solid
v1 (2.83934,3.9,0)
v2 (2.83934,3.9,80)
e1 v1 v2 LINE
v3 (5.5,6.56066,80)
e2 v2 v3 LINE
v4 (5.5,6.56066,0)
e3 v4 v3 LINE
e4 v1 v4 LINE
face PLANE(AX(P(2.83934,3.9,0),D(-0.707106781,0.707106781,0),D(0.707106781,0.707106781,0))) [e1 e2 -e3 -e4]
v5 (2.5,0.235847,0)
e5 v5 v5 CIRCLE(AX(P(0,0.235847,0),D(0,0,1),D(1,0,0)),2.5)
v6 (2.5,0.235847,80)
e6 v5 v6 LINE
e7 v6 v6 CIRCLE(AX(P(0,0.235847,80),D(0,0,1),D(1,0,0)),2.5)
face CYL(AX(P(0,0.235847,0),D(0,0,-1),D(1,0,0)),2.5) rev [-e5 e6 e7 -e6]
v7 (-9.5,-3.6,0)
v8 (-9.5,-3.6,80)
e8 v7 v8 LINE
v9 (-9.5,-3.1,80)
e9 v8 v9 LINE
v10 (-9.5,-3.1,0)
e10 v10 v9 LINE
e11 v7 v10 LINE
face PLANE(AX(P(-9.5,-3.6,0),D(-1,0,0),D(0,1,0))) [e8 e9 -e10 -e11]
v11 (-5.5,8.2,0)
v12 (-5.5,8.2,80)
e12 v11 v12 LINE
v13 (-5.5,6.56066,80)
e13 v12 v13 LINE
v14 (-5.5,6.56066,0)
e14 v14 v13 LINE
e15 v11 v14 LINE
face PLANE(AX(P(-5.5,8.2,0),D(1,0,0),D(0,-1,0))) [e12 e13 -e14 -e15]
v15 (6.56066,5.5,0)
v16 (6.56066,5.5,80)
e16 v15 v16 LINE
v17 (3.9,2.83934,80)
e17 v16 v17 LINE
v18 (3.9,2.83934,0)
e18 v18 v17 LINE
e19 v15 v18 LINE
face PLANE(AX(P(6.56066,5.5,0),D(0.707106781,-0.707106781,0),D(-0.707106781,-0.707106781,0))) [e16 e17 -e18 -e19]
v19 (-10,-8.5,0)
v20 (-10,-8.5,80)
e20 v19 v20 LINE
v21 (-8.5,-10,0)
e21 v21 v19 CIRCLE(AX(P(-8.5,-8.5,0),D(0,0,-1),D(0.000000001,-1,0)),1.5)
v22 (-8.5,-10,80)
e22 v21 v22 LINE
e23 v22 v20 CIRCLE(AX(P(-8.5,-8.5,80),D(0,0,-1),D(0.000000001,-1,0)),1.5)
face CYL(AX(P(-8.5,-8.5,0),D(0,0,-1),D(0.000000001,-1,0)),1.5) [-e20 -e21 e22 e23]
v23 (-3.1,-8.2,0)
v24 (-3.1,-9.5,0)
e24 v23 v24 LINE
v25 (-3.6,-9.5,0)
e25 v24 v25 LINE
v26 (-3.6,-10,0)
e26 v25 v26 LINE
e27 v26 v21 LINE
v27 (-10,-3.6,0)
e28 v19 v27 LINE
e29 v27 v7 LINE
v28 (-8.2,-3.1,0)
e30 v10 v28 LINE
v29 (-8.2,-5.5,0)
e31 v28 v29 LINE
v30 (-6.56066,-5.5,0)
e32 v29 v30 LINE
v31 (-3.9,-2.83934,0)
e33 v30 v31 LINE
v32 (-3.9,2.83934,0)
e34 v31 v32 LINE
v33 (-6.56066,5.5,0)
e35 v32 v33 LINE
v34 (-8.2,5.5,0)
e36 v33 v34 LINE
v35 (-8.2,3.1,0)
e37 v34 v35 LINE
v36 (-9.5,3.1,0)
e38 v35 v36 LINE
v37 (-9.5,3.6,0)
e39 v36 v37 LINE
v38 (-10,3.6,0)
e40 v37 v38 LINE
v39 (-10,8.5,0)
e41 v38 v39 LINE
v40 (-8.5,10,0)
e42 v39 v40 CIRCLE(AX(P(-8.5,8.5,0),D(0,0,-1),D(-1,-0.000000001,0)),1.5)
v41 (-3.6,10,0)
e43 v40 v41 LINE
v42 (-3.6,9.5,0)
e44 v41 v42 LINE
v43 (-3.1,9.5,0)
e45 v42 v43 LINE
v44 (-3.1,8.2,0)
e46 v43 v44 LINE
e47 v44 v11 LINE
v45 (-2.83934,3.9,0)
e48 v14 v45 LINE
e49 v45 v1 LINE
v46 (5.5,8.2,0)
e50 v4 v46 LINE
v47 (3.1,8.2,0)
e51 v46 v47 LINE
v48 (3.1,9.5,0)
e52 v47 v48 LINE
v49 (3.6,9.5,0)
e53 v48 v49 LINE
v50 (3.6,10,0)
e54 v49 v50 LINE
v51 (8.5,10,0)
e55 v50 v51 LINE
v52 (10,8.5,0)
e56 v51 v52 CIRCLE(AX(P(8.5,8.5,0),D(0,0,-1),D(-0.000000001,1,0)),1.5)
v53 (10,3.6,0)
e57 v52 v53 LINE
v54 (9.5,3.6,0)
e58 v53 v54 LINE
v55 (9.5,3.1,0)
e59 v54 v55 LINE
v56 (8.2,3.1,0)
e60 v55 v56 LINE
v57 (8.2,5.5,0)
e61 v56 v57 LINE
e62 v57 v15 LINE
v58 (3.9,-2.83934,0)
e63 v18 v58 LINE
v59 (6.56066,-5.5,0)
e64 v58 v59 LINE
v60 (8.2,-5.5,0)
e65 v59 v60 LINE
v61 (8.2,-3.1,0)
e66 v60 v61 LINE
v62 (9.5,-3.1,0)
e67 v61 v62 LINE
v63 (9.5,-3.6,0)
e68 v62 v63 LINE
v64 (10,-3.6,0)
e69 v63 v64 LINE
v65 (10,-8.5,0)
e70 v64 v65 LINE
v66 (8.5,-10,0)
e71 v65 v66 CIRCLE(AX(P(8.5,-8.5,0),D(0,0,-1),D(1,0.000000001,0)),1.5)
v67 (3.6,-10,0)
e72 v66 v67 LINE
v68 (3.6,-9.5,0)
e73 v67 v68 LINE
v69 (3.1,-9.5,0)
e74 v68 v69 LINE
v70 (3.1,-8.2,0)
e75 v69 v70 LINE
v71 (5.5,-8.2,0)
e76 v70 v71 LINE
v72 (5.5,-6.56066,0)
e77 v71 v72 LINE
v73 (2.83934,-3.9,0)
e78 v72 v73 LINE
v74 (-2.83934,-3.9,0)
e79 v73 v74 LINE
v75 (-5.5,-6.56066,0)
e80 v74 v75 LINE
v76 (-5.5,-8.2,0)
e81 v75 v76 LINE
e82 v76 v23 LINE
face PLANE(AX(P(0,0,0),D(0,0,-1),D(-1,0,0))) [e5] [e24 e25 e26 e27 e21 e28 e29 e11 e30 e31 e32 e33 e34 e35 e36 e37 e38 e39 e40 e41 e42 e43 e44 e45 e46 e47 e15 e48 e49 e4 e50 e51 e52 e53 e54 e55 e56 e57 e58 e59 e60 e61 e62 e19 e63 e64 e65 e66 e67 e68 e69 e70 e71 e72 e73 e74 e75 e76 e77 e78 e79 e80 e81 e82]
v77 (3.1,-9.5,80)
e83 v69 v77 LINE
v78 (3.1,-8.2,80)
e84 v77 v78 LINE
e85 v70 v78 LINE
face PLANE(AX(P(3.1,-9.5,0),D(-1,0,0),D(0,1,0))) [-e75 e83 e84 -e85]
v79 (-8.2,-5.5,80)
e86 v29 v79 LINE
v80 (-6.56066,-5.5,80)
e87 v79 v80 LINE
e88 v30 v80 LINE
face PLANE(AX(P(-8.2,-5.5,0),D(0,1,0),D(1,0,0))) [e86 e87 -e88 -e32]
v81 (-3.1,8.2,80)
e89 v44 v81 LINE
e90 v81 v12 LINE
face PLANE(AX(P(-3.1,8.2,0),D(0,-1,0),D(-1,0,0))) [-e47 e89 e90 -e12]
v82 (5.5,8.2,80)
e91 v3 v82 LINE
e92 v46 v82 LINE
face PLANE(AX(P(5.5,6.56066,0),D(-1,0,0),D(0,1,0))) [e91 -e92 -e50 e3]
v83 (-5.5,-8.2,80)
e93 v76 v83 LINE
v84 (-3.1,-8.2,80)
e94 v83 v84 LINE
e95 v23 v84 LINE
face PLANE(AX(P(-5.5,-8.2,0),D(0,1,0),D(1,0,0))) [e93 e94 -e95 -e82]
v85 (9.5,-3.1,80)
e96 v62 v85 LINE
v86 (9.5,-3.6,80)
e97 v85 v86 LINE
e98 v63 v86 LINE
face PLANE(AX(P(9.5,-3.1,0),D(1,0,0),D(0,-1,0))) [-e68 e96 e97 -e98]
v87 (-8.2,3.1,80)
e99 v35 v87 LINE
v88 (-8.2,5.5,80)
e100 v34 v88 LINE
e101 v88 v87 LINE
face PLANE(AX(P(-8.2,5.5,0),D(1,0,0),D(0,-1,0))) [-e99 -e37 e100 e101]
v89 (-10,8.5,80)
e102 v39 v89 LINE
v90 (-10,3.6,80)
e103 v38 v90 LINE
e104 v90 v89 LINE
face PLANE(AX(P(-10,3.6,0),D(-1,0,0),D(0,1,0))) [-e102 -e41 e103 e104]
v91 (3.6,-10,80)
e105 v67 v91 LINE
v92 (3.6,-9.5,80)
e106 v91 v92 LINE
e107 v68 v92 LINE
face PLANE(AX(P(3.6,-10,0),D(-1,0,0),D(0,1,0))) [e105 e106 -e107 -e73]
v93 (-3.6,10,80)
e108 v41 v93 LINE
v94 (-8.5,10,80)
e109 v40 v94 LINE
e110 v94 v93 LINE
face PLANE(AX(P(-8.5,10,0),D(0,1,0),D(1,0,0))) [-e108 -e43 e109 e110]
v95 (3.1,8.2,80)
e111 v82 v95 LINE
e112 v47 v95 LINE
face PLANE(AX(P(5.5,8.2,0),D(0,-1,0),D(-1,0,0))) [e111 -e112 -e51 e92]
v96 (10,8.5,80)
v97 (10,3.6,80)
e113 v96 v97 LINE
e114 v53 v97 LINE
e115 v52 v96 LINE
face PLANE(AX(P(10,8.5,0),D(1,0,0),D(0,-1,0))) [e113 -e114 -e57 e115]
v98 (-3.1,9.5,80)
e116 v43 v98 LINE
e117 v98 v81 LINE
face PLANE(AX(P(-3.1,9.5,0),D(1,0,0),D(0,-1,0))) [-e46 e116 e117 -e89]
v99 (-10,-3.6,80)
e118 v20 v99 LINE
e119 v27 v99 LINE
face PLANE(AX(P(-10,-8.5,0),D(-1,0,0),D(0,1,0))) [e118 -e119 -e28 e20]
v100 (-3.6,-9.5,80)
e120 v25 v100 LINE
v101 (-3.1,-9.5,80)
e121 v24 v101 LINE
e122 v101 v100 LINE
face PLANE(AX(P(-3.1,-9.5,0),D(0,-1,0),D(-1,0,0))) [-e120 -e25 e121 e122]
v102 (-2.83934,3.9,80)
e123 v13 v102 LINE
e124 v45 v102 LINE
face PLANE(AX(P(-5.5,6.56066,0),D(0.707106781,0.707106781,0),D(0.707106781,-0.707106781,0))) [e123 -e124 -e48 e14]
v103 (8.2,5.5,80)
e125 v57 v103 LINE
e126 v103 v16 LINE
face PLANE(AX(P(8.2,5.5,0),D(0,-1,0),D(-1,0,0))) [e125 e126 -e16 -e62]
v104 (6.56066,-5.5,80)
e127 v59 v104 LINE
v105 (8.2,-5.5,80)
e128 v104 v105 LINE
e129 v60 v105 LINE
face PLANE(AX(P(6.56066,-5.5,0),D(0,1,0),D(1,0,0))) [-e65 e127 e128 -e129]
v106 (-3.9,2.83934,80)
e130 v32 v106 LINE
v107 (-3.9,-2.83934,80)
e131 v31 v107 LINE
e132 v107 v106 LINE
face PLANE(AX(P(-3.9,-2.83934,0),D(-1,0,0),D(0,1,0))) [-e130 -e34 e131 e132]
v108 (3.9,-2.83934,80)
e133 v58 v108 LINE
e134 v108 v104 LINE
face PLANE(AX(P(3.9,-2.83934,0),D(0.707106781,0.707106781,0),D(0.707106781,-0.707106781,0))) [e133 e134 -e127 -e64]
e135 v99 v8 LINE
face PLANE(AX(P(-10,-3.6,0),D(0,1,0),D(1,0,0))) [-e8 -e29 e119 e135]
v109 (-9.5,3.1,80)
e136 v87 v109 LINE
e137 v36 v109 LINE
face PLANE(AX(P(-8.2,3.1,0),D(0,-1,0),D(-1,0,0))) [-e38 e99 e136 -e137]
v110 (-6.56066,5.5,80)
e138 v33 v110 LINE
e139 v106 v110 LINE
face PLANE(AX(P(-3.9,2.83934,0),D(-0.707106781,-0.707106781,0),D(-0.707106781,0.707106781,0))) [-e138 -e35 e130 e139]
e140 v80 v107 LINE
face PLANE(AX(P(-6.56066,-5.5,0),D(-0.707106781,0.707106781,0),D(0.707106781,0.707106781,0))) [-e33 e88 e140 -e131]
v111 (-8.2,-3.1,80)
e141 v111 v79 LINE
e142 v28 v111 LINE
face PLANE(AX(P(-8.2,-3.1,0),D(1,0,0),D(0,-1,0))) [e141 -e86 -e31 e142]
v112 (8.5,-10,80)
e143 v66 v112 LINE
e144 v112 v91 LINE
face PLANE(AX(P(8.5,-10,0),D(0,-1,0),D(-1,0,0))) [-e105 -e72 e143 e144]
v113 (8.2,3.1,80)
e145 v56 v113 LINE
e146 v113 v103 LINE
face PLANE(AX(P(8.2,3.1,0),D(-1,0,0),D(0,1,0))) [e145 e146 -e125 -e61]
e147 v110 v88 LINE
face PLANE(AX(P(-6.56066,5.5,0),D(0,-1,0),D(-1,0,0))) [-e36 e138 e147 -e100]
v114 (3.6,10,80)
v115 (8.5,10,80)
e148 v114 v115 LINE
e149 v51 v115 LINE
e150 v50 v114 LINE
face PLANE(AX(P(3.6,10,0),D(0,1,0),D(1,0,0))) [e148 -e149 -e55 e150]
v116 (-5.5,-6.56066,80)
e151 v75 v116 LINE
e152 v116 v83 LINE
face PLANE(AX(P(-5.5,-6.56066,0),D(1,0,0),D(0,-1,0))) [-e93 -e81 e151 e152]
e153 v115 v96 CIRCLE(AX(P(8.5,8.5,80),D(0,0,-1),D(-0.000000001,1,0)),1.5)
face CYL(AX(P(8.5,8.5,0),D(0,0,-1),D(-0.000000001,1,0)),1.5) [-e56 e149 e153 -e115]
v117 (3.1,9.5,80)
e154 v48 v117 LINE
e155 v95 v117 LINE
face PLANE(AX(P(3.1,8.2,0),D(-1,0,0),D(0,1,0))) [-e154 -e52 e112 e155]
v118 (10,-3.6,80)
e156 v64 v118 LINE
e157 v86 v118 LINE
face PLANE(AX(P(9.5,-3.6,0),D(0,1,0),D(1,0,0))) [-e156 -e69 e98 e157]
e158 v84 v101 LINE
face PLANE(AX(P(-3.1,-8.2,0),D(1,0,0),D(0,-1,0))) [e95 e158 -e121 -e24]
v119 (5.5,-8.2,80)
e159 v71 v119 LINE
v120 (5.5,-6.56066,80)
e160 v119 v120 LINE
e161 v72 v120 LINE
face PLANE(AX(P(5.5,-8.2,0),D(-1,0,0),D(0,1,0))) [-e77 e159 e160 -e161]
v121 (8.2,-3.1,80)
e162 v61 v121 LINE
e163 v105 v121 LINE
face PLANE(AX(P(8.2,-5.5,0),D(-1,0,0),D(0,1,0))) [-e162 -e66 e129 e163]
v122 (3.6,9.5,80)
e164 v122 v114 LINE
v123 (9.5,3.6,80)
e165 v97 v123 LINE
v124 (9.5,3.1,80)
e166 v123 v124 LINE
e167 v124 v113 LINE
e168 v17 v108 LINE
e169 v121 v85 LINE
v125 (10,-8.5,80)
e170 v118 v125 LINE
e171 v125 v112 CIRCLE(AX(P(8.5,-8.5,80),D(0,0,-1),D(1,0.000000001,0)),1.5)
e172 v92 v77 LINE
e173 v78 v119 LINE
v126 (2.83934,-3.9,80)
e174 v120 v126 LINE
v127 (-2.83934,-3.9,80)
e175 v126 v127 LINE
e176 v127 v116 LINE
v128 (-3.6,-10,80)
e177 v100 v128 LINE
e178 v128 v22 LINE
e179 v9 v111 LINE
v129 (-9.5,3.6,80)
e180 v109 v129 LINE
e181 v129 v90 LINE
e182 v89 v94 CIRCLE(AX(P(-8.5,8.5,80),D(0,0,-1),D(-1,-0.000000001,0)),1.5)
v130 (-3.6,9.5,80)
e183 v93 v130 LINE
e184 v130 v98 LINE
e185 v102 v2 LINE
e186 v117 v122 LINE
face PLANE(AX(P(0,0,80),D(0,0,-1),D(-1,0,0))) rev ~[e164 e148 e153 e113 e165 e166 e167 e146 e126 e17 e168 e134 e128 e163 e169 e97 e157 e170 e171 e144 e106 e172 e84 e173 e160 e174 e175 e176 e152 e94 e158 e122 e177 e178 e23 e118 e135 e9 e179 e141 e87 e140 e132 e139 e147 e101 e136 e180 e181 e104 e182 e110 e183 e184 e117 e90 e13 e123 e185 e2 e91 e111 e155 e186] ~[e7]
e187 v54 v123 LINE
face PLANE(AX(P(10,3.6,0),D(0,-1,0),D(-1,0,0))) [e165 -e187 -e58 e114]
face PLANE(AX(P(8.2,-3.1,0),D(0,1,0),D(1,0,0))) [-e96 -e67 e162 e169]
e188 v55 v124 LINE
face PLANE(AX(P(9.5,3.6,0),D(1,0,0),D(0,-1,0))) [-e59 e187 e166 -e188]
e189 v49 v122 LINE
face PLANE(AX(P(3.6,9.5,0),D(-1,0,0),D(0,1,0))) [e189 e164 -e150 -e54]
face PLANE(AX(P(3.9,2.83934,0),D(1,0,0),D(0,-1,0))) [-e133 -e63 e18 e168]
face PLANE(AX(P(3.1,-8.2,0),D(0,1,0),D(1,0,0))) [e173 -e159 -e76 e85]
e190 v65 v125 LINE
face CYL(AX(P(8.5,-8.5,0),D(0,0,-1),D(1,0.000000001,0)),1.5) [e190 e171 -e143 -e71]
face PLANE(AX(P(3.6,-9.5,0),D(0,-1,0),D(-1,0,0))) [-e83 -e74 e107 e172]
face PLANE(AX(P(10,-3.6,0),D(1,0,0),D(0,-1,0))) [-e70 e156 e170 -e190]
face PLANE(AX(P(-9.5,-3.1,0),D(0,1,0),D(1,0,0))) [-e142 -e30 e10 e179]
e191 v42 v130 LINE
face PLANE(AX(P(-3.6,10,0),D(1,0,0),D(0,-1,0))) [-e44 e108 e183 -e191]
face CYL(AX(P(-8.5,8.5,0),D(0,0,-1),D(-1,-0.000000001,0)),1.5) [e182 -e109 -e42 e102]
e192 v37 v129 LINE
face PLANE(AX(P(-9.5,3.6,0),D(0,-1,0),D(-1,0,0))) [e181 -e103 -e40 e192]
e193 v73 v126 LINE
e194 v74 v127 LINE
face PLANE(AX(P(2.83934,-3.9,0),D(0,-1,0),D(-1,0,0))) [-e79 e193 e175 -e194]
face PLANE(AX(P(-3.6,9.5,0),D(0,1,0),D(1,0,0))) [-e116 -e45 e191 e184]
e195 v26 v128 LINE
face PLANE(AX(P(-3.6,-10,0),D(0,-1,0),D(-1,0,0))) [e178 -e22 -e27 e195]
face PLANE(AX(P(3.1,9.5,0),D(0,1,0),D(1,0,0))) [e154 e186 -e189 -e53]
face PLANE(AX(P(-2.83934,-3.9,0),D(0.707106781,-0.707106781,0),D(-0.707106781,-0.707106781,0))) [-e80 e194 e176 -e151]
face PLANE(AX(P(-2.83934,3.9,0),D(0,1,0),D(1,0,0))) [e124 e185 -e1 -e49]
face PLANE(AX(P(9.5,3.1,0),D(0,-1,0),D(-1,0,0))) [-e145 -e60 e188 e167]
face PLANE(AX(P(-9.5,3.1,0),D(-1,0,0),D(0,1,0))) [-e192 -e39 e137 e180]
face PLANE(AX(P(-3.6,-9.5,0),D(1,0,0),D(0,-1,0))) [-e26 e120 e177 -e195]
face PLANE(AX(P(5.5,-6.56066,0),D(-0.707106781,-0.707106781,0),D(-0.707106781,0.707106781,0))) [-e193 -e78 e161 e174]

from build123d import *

# Parameters (mm, degrees)
SKETCH1_R           = 2.5
BOSS_EXTRUDE1_DEPTH = 80


with BuildPart() as part:
    # Sketch1 → Boss-Extrude1 (new body)
    with BuildSketch(Plane.XY):
        with BuildLine():
            Line((2.839339828, 3.9), (5.5, 6.560660172))
            Line((5.5, 6.560660172), (5.5, 8.2))
            Line((5.5, 8.2), (3.1, 8.2))
            Line((3.1, 8.2), (3.1, 9.5))
            Line((3.1, 9.5), (3.6, 9.5))
            Line((3.6, 9.5), (3.6, 10))
            Line((3.6, 10), (8.5, 10))
            ThreePointArc((8.5, 10), (9.560660172, 9.560660172), (10, 8.5))
            Line((10, 8.5), (10, 3.6))
            Line((10, 3.6), (9.5, 3.6))
            Line((9.5, 3.6), (9.5, 3.1))
            Line((9.5, 3.1), (8.2, 3.1))
            Line((8.2, 3.1), (8.2, 5.5))
            Line((8.2, 5.5), (6.560660172, 5.5))
            Line((6.560660172, 5.5), (3.9, 2.839339828))
            Line((3.9, 2.839339828), (3.9, -2.839339828))
            Line((3.9, -2.839339828), (6.560660172, -5.5))
            Line((6.560660172, -5.5), (8.2, -5.5))
            Line((8.2, -5.5), (8.2, -3.1))
            Line((8.2, -3.1), (9.5, -3.1))
            Line((9.5, -3.1), (9.5, -3.6))
            Line((9.5, -3.6), (10, -3.6))
            Line((10, -3.6), (10, -8.5))
            ThreePointArc((10, -8.5), (9.560660172, -9.560660172), (8.5, -10))
            Line((8.5, -10), (3.6, -10))
            Line((3.6, -10), (3.6, -9.5))
            Line((3.6, -9.5), (3.1, -9.5))
            Line((3.1, -9.5), (3.1, -8.2))
            Line((3.1, -8.2), (5.5, -8.2))
            Line((5.5, -8.2), (5.5, -6.560660172))
            Line((5.5, -6.560660172), (2.839339828, -3.9))
            Line((2.839339828, -3.9), (-2.839339828, -3.9))
            Line((-2.839339828, -3.9), (-5.5, -6.560660172))
            Line((-5.5, -6.560660172), (-5.5, -8.2))
            Line((-5.5, -8.2), (-3.1, -8.2))
            Line((-3.1, -8.2), (-3.1, -9.5))
            Line((-3.1, -9.5), (-3.6, -9.5))
            Line((-3.6, -9.5), (-3.6, -10))
            Line((-3.6, -10), (-8.5, -10))
            ThreePointArc((-8.5, -10), (-9.560660172, -9.560660172), (-10, -8.5))
            Line((-10, -8.5), (-10, -3.6))
            Line((-10, -3.6), (-9.5, -3.6))
            Line((-9.5, -3.6), (-9.5, -3.1))
            Line((-9.5, -3.1), (-8.2, -3.1))
            Line((-8.2, -3.1), (-8.2, -5.5))
            Line((-8.2, -5.5), (-6.560660172, -5.5))
            Line((-6.560660172, -5.5), (-3.9, -2.839339828))
            Line((-3.9, -2.839339828), (-3.9, 2.839339828))
            Line((-3.9, 2.839339828), (-6.560660172, 5.5))
            Line((-6.560660172, 5.5), (-8.2, 5.5))
            Line((-8.2, 5.5), (-8.2, 3.1))
            Line((-8.2, 3.1), (-9.5, 3.1))
            Line((-9.5, 3.1), (-9.5, 3.6))
            Line((-9.5, 3.6), (-10, 3.6))
            Line((-10, 3.6), (-10, 8.5))
            ThreePointArc((-10, 8.5), (-9.560660172, 9.560660172), (-8.5, 10))
            Line((-8.5, 10), (-3.6, 10))
            Line((-3.6, 10), (-3.6, 9.5))
            Line((-3.6, 9.5), (-3.1, 9.5))
            Line((-3.1, 9.5), (-3.1, 8.2))
            Line((-3.1, 8.2), (-5.5, 8.2))
            Line((-5.5, 8.2), (-5.5, 6.560660172))
            Line((-5.5, 6.560660172), (-2.839339828, 3.9))
            Line((-2.839339828, 3.9), (2.839339828, 3.9))
        make_face()
        with Locations((0, 0.235847297)):
            Circle(SKETCH1_R, mode=Mode.SUBTRACT)
    extrude(amount=BOSS_EXTRUDE1_DEPTH)


solid = part.part
